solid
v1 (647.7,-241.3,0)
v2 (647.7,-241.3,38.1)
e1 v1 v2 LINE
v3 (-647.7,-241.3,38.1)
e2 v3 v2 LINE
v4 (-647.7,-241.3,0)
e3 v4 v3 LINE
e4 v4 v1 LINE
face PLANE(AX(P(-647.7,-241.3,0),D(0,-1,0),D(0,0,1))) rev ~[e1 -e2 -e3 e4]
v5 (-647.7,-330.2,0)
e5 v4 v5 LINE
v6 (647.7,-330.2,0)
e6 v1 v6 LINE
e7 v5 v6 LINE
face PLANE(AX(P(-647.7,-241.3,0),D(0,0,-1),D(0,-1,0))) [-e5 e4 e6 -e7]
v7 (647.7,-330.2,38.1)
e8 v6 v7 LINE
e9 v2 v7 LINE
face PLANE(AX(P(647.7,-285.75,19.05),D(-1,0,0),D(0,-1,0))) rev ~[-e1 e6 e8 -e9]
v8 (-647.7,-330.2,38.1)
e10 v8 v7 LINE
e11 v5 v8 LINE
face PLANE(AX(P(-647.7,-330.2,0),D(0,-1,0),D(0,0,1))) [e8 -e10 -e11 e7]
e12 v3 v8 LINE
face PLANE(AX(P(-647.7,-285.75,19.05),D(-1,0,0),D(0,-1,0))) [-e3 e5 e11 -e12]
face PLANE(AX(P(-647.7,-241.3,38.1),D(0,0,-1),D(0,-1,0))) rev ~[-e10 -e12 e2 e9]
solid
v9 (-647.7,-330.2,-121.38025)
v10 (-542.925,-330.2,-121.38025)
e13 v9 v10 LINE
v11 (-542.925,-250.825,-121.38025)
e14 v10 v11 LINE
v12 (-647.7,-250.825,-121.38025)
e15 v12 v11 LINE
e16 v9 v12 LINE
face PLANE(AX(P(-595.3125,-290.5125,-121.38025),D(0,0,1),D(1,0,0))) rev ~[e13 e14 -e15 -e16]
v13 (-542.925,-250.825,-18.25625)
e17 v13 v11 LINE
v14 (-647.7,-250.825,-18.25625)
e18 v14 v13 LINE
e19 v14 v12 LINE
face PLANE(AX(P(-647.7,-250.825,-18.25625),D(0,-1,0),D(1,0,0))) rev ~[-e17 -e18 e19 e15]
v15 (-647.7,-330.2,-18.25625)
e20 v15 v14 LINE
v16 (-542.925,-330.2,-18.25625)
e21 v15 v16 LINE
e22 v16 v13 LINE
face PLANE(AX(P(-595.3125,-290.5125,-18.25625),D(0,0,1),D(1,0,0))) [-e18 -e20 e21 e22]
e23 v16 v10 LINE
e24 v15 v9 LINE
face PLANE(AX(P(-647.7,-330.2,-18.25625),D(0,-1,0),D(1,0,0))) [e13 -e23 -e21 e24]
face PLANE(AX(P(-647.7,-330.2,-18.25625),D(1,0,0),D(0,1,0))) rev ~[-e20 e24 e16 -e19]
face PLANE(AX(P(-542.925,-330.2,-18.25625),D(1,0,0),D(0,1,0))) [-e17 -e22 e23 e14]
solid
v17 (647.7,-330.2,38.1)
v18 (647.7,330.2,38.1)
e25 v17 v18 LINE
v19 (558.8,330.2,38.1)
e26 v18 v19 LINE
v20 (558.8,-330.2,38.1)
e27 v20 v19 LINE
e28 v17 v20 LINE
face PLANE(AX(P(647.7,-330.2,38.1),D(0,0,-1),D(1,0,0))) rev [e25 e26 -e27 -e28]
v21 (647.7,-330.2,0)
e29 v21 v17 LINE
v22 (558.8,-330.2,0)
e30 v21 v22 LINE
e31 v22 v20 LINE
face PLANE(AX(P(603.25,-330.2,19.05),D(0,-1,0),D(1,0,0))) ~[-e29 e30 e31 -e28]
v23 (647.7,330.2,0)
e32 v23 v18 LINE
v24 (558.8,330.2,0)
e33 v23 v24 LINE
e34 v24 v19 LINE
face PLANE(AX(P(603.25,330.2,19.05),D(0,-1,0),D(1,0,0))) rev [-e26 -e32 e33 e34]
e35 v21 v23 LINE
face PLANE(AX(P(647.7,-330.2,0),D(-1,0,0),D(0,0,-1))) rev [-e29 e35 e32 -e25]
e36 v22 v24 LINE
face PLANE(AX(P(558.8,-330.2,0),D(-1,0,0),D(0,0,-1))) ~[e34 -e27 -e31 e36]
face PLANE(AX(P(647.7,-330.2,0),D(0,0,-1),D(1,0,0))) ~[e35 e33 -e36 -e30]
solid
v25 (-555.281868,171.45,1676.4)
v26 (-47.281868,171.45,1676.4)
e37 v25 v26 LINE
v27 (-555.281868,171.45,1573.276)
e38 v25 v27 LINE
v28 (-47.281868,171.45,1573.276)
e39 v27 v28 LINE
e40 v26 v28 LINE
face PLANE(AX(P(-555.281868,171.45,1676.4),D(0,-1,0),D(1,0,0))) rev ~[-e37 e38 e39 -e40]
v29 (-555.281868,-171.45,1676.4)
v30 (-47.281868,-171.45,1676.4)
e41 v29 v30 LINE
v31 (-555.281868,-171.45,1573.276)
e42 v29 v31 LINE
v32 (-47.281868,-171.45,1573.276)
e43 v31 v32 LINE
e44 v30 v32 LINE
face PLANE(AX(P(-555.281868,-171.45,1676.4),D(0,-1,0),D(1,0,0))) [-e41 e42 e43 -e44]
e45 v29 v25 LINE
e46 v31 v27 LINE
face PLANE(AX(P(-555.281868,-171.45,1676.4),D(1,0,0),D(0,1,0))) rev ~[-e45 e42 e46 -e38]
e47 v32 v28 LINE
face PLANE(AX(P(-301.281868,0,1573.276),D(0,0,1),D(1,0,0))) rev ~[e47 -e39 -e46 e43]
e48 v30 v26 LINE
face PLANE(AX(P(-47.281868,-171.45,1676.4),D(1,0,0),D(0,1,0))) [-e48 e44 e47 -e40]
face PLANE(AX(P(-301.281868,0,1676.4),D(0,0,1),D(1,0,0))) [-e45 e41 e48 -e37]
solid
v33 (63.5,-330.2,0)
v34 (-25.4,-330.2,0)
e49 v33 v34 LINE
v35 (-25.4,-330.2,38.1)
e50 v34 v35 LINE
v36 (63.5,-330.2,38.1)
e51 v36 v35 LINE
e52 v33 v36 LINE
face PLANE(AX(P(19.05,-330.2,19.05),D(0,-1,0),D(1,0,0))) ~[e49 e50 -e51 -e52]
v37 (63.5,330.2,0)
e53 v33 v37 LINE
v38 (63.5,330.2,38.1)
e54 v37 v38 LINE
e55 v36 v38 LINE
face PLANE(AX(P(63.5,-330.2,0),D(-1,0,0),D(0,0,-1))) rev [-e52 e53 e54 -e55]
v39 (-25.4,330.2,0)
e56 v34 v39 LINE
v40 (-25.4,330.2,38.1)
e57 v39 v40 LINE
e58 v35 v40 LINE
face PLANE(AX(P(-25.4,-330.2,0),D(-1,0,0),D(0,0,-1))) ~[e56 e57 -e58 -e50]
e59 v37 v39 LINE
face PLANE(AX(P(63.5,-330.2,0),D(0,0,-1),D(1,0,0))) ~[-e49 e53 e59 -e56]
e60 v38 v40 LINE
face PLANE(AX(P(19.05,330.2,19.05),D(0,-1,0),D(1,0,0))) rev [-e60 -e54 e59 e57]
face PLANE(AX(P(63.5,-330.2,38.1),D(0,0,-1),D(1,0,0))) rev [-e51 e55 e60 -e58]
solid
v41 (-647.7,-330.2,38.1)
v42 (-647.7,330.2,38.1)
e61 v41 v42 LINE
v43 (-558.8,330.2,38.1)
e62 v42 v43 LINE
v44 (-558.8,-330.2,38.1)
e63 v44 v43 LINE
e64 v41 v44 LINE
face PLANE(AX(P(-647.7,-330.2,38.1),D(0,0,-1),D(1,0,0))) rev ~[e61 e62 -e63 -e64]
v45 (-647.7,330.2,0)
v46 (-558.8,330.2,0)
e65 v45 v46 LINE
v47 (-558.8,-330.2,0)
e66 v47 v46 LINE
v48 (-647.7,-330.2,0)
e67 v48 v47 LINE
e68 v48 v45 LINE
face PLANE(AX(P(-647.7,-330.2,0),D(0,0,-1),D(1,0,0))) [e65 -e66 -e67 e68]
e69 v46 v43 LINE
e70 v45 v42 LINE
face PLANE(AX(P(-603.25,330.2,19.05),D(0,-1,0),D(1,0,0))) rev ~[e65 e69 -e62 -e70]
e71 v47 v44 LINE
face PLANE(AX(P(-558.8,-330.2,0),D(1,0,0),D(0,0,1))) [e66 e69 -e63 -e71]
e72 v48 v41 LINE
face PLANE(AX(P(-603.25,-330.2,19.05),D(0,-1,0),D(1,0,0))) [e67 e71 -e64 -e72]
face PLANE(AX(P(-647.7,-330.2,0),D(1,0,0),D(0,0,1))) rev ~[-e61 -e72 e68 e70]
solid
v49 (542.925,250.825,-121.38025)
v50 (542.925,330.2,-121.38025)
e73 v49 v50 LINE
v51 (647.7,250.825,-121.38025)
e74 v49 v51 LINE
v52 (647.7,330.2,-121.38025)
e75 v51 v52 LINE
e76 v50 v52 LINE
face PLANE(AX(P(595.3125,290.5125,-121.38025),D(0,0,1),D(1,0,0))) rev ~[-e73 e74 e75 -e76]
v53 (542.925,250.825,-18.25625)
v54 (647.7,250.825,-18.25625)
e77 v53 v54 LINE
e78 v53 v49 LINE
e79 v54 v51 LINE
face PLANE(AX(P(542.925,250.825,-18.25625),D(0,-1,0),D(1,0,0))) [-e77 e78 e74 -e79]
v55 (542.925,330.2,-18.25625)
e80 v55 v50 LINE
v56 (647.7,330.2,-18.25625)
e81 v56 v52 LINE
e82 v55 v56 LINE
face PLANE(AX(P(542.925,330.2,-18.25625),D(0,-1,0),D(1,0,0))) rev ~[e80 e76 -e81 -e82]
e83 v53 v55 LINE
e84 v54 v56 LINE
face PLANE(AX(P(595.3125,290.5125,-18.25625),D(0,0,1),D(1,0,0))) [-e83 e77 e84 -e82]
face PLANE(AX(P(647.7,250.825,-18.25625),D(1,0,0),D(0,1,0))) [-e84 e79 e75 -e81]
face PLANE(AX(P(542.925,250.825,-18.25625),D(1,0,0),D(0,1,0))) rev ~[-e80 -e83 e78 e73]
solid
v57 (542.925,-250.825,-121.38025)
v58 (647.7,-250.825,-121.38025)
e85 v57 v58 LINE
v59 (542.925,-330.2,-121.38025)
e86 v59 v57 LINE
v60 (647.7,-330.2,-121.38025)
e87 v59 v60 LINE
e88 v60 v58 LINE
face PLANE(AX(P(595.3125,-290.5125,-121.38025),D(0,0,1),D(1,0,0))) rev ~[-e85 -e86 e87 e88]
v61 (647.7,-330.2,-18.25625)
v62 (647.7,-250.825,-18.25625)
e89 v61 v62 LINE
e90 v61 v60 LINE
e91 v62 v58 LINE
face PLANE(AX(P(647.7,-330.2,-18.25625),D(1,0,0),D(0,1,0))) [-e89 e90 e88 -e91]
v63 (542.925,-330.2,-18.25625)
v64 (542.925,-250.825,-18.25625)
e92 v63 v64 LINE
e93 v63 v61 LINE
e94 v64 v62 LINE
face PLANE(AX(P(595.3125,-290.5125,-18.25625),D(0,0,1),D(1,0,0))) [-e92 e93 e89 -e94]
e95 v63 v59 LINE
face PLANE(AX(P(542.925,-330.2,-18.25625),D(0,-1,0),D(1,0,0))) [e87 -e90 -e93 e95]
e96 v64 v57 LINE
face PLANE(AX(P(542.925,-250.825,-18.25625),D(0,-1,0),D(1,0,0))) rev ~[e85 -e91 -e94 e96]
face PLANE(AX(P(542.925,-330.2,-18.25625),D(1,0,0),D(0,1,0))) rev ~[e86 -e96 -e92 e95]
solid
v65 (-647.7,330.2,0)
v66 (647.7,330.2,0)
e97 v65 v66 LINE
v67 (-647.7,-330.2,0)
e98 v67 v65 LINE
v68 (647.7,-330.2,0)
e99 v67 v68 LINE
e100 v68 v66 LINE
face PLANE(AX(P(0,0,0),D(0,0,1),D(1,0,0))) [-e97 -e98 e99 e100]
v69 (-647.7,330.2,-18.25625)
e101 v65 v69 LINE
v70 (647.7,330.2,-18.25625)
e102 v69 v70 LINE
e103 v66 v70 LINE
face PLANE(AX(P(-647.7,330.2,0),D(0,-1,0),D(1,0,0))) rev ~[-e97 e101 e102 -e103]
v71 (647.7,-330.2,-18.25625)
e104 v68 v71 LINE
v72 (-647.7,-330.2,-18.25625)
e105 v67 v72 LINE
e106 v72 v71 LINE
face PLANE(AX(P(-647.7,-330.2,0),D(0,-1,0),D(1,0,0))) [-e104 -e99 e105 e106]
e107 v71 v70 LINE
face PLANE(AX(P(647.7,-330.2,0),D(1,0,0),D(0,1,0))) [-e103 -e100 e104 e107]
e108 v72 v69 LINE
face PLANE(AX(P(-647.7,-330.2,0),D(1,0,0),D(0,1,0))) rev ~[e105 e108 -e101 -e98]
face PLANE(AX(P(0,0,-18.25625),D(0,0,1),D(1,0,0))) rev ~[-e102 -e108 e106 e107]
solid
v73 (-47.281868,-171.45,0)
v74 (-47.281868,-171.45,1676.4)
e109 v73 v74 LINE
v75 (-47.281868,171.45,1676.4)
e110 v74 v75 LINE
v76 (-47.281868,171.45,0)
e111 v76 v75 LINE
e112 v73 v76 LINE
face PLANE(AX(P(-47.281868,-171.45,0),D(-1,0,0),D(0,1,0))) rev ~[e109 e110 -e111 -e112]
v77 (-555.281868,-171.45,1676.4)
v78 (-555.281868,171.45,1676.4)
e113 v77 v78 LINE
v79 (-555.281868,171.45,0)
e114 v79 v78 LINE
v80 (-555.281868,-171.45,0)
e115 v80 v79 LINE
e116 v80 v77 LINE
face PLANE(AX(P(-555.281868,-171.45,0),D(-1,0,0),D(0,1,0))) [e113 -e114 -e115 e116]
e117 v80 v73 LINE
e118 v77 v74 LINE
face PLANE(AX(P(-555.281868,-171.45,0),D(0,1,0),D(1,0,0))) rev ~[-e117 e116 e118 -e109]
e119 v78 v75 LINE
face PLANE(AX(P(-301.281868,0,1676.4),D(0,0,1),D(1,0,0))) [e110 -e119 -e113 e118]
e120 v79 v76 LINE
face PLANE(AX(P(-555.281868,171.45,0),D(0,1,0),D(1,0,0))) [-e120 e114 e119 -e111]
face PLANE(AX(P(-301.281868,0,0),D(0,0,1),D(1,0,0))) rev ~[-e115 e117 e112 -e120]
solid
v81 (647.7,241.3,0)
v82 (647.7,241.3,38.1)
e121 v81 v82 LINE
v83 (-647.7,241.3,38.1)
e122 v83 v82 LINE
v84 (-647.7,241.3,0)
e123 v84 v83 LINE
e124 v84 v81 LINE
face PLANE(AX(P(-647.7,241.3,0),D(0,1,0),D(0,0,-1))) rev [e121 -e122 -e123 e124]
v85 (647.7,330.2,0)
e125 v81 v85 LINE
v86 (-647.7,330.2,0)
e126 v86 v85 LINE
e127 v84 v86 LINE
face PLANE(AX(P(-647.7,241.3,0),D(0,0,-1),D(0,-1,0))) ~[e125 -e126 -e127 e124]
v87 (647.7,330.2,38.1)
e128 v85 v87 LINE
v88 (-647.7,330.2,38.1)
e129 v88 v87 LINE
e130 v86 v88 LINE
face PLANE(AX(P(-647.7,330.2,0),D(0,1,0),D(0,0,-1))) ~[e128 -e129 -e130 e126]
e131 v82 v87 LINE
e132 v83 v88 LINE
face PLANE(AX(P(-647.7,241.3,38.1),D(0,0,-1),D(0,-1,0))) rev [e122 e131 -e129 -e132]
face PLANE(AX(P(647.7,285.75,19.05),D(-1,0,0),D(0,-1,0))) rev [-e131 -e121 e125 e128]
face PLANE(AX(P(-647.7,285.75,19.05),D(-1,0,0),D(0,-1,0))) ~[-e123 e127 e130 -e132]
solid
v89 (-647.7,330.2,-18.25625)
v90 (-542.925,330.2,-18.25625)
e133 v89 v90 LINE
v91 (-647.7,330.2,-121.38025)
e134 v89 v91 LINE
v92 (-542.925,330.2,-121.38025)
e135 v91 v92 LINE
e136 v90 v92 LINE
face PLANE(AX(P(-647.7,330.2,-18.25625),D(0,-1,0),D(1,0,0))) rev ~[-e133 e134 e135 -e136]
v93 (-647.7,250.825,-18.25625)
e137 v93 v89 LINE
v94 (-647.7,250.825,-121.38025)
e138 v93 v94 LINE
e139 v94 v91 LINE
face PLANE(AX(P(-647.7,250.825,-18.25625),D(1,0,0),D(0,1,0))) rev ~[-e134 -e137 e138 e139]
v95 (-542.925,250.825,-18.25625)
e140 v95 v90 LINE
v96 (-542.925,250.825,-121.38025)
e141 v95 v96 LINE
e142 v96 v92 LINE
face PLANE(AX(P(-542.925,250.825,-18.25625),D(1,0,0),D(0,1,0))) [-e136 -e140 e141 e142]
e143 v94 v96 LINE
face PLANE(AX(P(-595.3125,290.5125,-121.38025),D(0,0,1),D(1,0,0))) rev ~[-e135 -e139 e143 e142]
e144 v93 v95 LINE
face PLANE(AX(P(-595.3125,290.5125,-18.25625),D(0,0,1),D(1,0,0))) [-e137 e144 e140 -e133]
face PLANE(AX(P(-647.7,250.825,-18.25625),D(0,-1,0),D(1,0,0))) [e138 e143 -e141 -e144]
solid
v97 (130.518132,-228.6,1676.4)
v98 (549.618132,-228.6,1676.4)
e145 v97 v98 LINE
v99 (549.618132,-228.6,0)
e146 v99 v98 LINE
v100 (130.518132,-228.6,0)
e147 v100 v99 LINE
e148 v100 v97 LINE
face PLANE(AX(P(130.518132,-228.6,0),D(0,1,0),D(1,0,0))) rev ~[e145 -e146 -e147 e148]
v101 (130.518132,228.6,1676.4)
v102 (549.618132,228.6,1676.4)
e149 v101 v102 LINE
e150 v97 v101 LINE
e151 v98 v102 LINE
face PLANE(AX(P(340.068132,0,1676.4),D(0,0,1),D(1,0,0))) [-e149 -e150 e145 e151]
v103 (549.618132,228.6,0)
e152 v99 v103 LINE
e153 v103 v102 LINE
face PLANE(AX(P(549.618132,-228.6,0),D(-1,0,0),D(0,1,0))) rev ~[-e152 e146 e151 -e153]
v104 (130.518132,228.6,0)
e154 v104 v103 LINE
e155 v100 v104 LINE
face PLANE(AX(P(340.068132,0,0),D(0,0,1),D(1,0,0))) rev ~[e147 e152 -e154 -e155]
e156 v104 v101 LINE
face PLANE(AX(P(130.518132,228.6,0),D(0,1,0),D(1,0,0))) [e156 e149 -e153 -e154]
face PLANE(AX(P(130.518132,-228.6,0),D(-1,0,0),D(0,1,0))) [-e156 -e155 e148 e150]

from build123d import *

# Parameters (mm, degrees)
F1_W      = 508
F1_H      = 342.9
F2_DEPTH  = 1676.4
F3_W      = 419.1
F3_H      = 457.2
F4_DEPTH  = 1676.4
F6_W      = 104.775
F6_H      = 79.375
F2_FACE_W = 508
F2_FACE_H = 342.9
F7_DEPTH  = 103.124
F8_W      = 1295.4
F8_H      = 660.4
F9_DEPTH  = 18.25625
F10_W     = 88.9
F10_H     = 38.1
F11_DEPTH = 1295.4
F13_W     = 88.9
F13_H     = 38.1
F14_DEPTH = 660.4


with BuildPart() as f2:
    # F1 (on Top) → F2 (new body)
    with BuildSketch(Plane.XY):
        with Locations((-301.2818683147, 0)):
            Rectangle(F1_W, F1_H)
    extrude(amount=F2_DEPTH)


with BuildPart() as f4:
    # F3 (on Top) → F4 (new body)
    with BuildSketch(Plane.XY):
        with Locations((340.0681316853, 0)):
            Rectangle(F3_W, F3_H)
    extrude(amount=F4_DEPTH)


with BuildPart() as f7:
    # F6 (on offset) + F2_face (on face) → F7 (new body)
    with BuildSketch(Plane.XY.offset(-18.25625)):
        with Locations((-595.3125, -290.5125)):
            Rectangle(F6_W, F6_H)
        with Locations((595.3125, -290.5125)):
            Rectangle(F6_W, F6_H)
        with Locations((-595.3125, 290.5125)):
            Rectangle(F6_W, F6_H)
        with Locations((595.3125, 290.5125)):
            Rectangle(F6_W, F6_H)
    with BuildSketch(Plane(origin=(-301.2818683147, 0, 1676.4), x_dir=(1, 0, 0), z_dir=(0, 0, 1))):
        Rectangle(F2_FACE_W, F2_FACE_H)
    extrude(amount=-F7_DEPTH)


with BuildPart() as f9:
    # F8 (on Top) → F9 (new body)
    with BuildSketch(Plane.XY):
        Rectangle(F8_W, F8_H)
    extrude(amount=-F9_DEPTH)


with BuildPart() as f11:
    # F10 (on face) → F11 (new body, through all)
    with BuildSketch(Plane(origin=(-647.7, 0, 0), x_dir=(0, -1, 0), z_dir=(-1, 0, 0))):
        with Locations((285.75, 19.05)):
            Rectangle(F10_W, F10_H)
    extrude(amount=-F11_DEPTH)


with BuildPart() as f12_1:
    # F12: instance of F11
    add(f11.part.mirror(Plane.XZ))


with BuildPart() as f14:
    # F13 (on face) → F14 (new body, through all)
    with BuildSketch(Plane.XZ.offset(330.2)):
        with Locations((-603.25, 19.05)):
            Rectangle(F13_W, F13_H)
    extrude(amount=-F14_DEPTH)


with BuildPart() as f17_1:
    # F17: instance of F14
    add(f14.part.mirror(Plane(origin=(0, -285.75, 19.05), x_dir=(0, -1, 0), z_dir=(-1, 0, 0))))


with BuildPart() as f19_1:
    # F19: instance of F14
    add(f14.part.mirror(Plane(origin=(-292.1, -285.75, 19.05), x_dir=(0, -1, 0), z_dir=(-1, 0, 0))))


solid = Compound([f2.part, f4.part, f7.part, f9.part, f11.part, f12_1.part, f14.part, f17_1.part, f19_1.part])
